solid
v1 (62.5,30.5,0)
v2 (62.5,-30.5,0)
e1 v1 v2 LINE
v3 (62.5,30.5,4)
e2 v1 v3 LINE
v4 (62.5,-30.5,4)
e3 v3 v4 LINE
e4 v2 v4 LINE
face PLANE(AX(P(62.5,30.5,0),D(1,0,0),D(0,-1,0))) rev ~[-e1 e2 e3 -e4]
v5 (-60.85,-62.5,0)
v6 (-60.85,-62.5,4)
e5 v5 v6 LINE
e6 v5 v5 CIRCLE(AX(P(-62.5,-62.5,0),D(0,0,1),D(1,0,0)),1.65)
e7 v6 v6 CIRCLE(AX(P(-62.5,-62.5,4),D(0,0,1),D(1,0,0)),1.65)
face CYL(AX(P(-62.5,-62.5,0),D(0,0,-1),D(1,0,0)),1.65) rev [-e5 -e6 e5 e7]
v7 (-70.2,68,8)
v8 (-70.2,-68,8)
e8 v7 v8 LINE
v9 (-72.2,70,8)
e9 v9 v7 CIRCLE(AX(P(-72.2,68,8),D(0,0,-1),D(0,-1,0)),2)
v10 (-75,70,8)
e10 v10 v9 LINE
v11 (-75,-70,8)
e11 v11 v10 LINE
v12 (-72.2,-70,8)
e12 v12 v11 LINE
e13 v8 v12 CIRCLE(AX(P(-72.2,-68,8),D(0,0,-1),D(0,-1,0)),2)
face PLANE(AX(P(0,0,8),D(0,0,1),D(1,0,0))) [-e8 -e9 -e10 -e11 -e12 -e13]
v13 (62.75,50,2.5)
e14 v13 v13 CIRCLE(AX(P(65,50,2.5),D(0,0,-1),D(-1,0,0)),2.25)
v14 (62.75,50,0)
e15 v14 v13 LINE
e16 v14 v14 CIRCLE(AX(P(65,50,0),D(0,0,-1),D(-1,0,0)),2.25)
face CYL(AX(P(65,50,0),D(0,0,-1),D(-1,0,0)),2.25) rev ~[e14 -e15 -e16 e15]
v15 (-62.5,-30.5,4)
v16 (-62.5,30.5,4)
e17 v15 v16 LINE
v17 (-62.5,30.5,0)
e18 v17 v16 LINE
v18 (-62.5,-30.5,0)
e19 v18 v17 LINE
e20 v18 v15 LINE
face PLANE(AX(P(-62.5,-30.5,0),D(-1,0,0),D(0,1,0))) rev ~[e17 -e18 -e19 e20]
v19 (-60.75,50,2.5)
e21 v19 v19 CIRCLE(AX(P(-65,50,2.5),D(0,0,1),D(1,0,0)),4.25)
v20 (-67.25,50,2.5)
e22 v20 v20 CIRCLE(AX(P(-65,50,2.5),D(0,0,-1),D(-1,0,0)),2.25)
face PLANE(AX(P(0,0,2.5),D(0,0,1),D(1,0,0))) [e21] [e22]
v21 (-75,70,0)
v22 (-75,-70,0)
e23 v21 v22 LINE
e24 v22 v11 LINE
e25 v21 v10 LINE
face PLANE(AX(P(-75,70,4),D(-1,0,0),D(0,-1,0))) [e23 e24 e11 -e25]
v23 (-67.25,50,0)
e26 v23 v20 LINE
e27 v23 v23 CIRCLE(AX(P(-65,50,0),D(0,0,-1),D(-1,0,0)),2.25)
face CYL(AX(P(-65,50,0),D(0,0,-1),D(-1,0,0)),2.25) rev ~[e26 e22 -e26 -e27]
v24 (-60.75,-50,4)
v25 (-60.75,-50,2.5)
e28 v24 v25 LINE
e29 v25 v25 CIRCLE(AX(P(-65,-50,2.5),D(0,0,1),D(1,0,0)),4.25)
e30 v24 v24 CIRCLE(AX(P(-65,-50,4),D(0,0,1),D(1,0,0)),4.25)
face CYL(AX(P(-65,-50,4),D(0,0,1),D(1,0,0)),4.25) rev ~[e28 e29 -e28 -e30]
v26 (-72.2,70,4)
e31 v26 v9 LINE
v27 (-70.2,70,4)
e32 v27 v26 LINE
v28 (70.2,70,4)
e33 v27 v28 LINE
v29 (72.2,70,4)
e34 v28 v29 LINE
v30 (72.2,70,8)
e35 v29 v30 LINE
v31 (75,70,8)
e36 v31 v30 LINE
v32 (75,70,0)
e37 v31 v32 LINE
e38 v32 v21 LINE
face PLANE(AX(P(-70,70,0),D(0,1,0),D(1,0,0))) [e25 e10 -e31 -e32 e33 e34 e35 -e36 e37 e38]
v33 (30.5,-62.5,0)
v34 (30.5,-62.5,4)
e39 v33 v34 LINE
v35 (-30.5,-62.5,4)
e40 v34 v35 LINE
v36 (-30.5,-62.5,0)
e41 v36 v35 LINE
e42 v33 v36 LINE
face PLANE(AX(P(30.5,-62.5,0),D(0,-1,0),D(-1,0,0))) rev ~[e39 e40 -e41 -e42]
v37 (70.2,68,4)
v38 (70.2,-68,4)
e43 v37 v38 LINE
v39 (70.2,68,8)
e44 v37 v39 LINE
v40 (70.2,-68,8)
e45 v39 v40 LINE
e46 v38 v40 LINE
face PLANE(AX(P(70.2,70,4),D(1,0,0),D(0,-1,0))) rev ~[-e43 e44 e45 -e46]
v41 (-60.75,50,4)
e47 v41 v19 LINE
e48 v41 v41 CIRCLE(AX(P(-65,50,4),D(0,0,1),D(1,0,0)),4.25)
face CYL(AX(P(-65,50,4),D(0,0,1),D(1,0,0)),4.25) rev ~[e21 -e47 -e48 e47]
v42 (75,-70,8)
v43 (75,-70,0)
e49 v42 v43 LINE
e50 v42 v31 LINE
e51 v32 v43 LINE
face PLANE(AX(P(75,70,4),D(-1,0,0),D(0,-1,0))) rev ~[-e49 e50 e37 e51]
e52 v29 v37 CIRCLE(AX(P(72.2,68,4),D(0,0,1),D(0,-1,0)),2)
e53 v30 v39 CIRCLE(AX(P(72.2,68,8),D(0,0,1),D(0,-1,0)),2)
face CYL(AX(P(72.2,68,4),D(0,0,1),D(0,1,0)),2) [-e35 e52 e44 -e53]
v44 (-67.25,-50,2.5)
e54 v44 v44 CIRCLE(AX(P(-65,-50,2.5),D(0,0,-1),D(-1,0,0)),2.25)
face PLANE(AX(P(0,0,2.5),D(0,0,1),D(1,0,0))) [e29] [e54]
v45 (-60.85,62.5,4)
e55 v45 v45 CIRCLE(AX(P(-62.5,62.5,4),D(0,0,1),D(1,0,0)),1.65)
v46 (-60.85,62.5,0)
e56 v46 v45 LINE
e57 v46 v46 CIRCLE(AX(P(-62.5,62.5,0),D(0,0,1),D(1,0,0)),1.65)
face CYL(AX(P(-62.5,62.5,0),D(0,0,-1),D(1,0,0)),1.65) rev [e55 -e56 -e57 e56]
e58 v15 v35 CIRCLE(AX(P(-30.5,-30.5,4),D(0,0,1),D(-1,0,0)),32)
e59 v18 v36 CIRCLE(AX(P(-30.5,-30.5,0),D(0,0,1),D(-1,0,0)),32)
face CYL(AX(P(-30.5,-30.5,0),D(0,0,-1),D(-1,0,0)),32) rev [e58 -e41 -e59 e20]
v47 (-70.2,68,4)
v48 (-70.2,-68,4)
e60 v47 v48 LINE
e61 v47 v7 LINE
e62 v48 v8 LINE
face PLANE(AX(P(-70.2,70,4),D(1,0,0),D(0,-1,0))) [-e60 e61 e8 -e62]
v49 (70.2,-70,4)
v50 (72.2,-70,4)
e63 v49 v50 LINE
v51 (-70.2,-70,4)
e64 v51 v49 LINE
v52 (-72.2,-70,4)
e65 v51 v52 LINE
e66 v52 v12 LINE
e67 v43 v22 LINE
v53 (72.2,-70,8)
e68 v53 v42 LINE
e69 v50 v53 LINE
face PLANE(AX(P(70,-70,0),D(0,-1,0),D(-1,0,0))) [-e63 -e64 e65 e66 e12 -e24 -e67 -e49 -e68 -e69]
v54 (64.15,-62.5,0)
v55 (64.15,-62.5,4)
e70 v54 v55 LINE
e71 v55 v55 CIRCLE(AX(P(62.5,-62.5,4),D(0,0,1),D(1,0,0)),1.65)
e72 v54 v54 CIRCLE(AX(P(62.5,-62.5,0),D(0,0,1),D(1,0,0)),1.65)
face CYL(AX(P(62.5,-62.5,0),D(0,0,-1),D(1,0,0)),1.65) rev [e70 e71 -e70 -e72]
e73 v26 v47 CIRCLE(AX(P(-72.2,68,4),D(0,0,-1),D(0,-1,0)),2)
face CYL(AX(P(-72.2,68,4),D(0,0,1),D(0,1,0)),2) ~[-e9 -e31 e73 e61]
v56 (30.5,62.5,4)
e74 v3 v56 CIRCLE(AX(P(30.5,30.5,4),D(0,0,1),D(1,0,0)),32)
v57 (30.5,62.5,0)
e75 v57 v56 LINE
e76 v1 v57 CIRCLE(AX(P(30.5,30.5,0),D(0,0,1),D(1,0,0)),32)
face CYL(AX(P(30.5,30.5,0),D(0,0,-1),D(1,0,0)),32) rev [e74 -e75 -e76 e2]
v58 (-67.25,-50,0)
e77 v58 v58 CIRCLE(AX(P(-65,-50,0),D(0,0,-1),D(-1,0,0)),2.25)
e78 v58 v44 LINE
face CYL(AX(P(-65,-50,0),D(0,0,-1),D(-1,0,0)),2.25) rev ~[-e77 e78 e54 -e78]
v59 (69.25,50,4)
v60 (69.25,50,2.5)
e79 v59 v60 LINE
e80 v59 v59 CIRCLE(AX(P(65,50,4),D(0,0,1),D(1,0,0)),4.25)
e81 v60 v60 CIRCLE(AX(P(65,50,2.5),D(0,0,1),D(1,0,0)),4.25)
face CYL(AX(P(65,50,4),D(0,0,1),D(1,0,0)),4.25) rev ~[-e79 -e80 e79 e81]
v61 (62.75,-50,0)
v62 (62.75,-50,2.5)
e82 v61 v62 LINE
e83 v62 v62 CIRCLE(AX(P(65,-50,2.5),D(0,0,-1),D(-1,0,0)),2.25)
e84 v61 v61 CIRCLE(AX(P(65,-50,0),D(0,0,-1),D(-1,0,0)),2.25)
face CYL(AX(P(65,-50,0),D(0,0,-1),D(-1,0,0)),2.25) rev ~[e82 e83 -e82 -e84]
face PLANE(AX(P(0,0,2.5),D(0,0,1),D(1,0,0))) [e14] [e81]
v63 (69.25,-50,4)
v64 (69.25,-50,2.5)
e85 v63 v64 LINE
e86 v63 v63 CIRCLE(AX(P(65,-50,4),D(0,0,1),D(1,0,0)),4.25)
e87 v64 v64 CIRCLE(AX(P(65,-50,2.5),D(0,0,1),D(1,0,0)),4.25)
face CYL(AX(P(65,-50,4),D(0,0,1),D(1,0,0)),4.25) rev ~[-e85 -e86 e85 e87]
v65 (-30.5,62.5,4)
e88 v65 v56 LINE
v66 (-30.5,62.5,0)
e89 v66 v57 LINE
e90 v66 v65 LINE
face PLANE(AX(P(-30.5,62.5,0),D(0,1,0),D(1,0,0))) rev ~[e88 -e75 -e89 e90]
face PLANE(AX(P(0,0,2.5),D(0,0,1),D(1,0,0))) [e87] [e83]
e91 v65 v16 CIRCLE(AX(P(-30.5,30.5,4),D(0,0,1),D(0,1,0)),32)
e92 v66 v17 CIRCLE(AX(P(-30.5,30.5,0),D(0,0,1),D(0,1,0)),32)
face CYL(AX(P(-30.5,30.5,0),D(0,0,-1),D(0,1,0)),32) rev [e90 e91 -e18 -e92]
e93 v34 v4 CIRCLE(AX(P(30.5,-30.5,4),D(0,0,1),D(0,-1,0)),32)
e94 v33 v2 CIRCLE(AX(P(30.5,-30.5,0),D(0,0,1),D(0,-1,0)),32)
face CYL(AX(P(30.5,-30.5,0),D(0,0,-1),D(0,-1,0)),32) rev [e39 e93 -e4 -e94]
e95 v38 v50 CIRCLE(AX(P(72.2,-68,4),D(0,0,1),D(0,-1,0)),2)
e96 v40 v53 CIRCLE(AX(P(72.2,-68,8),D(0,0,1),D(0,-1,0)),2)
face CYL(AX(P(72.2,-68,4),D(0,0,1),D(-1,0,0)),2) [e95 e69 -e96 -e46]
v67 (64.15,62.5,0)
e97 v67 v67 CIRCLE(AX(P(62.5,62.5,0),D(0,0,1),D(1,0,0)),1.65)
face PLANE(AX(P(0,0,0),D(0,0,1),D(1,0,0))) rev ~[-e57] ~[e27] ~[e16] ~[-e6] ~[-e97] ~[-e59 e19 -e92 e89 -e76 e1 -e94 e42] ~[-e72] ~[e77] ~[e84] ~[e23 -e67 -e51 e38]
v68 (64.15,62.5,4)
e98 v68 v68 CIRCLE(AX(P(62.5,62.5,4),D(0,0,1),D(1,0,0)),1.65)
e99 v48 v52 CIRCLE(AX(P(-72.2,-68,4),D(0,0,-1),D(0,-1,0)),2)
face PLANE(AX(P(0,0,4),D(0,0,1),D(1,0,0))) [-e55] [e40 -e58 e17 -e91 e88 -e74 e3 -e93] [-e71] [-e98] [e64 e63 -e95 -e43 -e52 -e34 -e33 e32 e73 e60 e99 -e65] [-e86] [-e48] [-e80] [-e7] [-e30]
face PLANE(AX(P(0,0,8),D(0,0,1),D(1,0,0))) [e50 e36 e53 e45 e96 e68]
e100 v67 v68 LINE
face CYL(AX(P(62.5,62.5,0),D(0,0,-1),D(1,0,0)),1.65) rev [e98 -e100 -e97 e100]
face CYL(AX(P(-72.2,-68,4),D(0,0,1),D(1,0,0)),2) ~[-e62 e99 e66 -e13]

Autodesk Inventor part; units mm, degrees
ref_plane "YZ Plane" through (0, 0, 0) normal (1, 0, 0) x (0, 1, 0)
ref_plane "XZ Plane" through (0, 0, 0) normal (0, 1, 0) x (-1, 0, 0)
ref_plane "XY Plane" through (0, 0, 0) normal (0, 0, 1) x (1, 0, 0)
sketch "スケッチ1" plane through (0, 0, 0) normal (0, 0, 1) x (1, 0, 0)
  line L0 (-70, 70) -> (70, 70)
  line L1 (70, 70) -> (70, -70)
  line L2 (70, -70) -> (-70, -70)
  line L3 (-70, -70) -> (-70, 70)
  line L4 (-62.5, 62.5) -> (62.5, 62.5) construction
  line L5 (62.5, 62.5) -> (62.5, -62.5) construction
  line L6 (62.5, -62.5) -> (-62.5, -62.5) construction
  line L7 (-62.5, -62.5) -> (-62.5, 62.5) construction
  circle A0 centre (-62.5, 62.5) radius 1.65
  line L8 (-30.5, 62.5) -> (30.5, 62.5)
  line L9 (62.5, 30.5) -> (62.5, -30.5)
  line L10 (30.5, -62.5) -> (-30.5, -62.5)
  line L11 (-62.5, -30.5) -> (-62.5, 30.5)
  arc A1 (-30.5, 62.5) -> (-62.5, 30.5) centre (-30.5, 30.5) ccw
  arc A2 (-62.5, -30.5) -> (-30.5, -62.5) centre (-30.5, -30.5) ccw
  arc A3 (30.5, -62.5) -> (62.5, -30.5) centre (30.5, -30.5) ccw
  arc A4 (62.5, 30.5) -> (30.5, 62.5) centre (30.5, 30.5) ccw
  line L12 (53.1274, 53.1274) -> (-53.1274, -53.1274) construction
  circle A5 centre (-62.5, -62.5) radius 1.65
  circle A6 centre (62.5, -62.5) radius 1.65
  circle A7 centre (62.5, 62.5) radius 1.65
  point P0 (0, 0)
  point P1 (-70, 0)
  point P2 (0, 70)
  point P3 (-62.5, 0)
  point P4 (0, 62.5)
  dimension "d0" = 140
  dimension "d1" = 125
  dimension "d3" = 3.3
  dimension "d4" = 32
  dimension "d5" = 150.267
extrude "押し出し1" add sketch "スケッチ1" along normal blind 4
sketch "スケッチ2" plane through (0, 0, 4) normal (0, 0, 1) x (1, 0, 0)
  line L0 (-70, 70) -> (-70, -70) construction
  line L1 (70, -70) -> (70, 70) construction
  line L2 (-70, 70) -> (-75, 70)
  line L3 (-75, 70) -> (-75, -70)
  line L4 (-75, -70) -> (-70, -70)
  line L5 (-70, -70) -> (-70, 70)
  line L6 (70, 70) -> (75, 70)
  line L7 (75, 70) -> (75, -70)
  line L8 (75, -70) -> (70, -70)
  line L9 (70, -70) -> (70, 70)
  point P0 (0, 0)
  dimension "d8" = 150
extrude "押し出し2" add sketch "スケッチ2" against normal up to surface (4 mm away)
sketch "スケッチ3" plane through (0, 0, 4) normal (0, 0, 1) x (1, 0, 0)
  line L0 (-75, 70) -> (-75, -70) construction
  line L1 (75, 70) -> (75, -70) construction
  line L2 (-75, 70) -> (-70.2, 70)
  line L3 (-70.2, 70) -> (-70.2, -70)
  line L4 (-70.2, -70) -> (-75, -70)
  line L5 (-75, -70) -> (-75, 70)
  line L6 (75, 70) -> (70.2, 70)
  line L7 (70.2, 70) -> (70.2, -70)
  line L8 (70.2, -70) -> (75, -70)
  line L9 (75, -70) -> (75, 70)
  point P0 (0, 0)
  dimension "d11" = 140.4
extrude "押し出し3" add sketch "スケッチ3" along normal blind 4
sketch "スケッチ5" plane through (0, 0, 0) normal (0, 0, -1) x (-1, 0, 0)
  line L0 (75, -70) -> (75, 70) construction
  line L1 (-75, 70) -> (-75, -70) construction
  line L2 (65, -70) -> (65, 70) construction
  line L3 (-65, 70) -> (-65, -70) construction
  circle A0 centre (65, -50) radius 2.25
  circle A1 centre (-65, -50) radius 2.25
  circle A2 centre (65, 50) radius 2.25
  circle A3 centre (-65, 50) radius 2.25
  circle A4 centre (65, -50) radius 7.5 construction
  point P0 (0, 0)
  dimension "d14" = 10
  dimension "d15" = 10
  dimension "d16" = 4.5
  dimension "d17" = 50
  dimension "d18" = 50
  dimension "d19" = 15
extrude "押し出し4" cut sketch "スケッチ5" against normal through all
sketch "スケッチ6" plane through (0, 0, 4) normal (0, 0, 1) x (1, 0, 0)
  circle A0 centre (-65, -50) radius 2.25 construction
  circle A1 centre (65, -50) radius 2.25 construction
  circle A2 centre (65, 50) radius 2.25 construction
  circle A3 centre (-65, 50) radius 2.25 construction
  circle A4 centre (-65, -50) radius 4.25
  circle A5 centre (-65, 50) radius 4.25
  circle A6 centre (65, -50) radius 4.25
  circle A7 centre (65, 50) radius 4.25
  point P0 (0, 0)
  dimension "d22" = 8.5
extrude "押し出し5" cut sketch "スケッチ6" against normal blind 1.5
fillet "フィレット1" radius 2 4 edges at (70.2, 70, 6) (70.2, -70, 6) (-70.2, -70, 6) (-70.2, 70, 6)
equation "\"d18\" = d17"
properties part number "bottom_140mm_2" material "アルミニウム 6061"
